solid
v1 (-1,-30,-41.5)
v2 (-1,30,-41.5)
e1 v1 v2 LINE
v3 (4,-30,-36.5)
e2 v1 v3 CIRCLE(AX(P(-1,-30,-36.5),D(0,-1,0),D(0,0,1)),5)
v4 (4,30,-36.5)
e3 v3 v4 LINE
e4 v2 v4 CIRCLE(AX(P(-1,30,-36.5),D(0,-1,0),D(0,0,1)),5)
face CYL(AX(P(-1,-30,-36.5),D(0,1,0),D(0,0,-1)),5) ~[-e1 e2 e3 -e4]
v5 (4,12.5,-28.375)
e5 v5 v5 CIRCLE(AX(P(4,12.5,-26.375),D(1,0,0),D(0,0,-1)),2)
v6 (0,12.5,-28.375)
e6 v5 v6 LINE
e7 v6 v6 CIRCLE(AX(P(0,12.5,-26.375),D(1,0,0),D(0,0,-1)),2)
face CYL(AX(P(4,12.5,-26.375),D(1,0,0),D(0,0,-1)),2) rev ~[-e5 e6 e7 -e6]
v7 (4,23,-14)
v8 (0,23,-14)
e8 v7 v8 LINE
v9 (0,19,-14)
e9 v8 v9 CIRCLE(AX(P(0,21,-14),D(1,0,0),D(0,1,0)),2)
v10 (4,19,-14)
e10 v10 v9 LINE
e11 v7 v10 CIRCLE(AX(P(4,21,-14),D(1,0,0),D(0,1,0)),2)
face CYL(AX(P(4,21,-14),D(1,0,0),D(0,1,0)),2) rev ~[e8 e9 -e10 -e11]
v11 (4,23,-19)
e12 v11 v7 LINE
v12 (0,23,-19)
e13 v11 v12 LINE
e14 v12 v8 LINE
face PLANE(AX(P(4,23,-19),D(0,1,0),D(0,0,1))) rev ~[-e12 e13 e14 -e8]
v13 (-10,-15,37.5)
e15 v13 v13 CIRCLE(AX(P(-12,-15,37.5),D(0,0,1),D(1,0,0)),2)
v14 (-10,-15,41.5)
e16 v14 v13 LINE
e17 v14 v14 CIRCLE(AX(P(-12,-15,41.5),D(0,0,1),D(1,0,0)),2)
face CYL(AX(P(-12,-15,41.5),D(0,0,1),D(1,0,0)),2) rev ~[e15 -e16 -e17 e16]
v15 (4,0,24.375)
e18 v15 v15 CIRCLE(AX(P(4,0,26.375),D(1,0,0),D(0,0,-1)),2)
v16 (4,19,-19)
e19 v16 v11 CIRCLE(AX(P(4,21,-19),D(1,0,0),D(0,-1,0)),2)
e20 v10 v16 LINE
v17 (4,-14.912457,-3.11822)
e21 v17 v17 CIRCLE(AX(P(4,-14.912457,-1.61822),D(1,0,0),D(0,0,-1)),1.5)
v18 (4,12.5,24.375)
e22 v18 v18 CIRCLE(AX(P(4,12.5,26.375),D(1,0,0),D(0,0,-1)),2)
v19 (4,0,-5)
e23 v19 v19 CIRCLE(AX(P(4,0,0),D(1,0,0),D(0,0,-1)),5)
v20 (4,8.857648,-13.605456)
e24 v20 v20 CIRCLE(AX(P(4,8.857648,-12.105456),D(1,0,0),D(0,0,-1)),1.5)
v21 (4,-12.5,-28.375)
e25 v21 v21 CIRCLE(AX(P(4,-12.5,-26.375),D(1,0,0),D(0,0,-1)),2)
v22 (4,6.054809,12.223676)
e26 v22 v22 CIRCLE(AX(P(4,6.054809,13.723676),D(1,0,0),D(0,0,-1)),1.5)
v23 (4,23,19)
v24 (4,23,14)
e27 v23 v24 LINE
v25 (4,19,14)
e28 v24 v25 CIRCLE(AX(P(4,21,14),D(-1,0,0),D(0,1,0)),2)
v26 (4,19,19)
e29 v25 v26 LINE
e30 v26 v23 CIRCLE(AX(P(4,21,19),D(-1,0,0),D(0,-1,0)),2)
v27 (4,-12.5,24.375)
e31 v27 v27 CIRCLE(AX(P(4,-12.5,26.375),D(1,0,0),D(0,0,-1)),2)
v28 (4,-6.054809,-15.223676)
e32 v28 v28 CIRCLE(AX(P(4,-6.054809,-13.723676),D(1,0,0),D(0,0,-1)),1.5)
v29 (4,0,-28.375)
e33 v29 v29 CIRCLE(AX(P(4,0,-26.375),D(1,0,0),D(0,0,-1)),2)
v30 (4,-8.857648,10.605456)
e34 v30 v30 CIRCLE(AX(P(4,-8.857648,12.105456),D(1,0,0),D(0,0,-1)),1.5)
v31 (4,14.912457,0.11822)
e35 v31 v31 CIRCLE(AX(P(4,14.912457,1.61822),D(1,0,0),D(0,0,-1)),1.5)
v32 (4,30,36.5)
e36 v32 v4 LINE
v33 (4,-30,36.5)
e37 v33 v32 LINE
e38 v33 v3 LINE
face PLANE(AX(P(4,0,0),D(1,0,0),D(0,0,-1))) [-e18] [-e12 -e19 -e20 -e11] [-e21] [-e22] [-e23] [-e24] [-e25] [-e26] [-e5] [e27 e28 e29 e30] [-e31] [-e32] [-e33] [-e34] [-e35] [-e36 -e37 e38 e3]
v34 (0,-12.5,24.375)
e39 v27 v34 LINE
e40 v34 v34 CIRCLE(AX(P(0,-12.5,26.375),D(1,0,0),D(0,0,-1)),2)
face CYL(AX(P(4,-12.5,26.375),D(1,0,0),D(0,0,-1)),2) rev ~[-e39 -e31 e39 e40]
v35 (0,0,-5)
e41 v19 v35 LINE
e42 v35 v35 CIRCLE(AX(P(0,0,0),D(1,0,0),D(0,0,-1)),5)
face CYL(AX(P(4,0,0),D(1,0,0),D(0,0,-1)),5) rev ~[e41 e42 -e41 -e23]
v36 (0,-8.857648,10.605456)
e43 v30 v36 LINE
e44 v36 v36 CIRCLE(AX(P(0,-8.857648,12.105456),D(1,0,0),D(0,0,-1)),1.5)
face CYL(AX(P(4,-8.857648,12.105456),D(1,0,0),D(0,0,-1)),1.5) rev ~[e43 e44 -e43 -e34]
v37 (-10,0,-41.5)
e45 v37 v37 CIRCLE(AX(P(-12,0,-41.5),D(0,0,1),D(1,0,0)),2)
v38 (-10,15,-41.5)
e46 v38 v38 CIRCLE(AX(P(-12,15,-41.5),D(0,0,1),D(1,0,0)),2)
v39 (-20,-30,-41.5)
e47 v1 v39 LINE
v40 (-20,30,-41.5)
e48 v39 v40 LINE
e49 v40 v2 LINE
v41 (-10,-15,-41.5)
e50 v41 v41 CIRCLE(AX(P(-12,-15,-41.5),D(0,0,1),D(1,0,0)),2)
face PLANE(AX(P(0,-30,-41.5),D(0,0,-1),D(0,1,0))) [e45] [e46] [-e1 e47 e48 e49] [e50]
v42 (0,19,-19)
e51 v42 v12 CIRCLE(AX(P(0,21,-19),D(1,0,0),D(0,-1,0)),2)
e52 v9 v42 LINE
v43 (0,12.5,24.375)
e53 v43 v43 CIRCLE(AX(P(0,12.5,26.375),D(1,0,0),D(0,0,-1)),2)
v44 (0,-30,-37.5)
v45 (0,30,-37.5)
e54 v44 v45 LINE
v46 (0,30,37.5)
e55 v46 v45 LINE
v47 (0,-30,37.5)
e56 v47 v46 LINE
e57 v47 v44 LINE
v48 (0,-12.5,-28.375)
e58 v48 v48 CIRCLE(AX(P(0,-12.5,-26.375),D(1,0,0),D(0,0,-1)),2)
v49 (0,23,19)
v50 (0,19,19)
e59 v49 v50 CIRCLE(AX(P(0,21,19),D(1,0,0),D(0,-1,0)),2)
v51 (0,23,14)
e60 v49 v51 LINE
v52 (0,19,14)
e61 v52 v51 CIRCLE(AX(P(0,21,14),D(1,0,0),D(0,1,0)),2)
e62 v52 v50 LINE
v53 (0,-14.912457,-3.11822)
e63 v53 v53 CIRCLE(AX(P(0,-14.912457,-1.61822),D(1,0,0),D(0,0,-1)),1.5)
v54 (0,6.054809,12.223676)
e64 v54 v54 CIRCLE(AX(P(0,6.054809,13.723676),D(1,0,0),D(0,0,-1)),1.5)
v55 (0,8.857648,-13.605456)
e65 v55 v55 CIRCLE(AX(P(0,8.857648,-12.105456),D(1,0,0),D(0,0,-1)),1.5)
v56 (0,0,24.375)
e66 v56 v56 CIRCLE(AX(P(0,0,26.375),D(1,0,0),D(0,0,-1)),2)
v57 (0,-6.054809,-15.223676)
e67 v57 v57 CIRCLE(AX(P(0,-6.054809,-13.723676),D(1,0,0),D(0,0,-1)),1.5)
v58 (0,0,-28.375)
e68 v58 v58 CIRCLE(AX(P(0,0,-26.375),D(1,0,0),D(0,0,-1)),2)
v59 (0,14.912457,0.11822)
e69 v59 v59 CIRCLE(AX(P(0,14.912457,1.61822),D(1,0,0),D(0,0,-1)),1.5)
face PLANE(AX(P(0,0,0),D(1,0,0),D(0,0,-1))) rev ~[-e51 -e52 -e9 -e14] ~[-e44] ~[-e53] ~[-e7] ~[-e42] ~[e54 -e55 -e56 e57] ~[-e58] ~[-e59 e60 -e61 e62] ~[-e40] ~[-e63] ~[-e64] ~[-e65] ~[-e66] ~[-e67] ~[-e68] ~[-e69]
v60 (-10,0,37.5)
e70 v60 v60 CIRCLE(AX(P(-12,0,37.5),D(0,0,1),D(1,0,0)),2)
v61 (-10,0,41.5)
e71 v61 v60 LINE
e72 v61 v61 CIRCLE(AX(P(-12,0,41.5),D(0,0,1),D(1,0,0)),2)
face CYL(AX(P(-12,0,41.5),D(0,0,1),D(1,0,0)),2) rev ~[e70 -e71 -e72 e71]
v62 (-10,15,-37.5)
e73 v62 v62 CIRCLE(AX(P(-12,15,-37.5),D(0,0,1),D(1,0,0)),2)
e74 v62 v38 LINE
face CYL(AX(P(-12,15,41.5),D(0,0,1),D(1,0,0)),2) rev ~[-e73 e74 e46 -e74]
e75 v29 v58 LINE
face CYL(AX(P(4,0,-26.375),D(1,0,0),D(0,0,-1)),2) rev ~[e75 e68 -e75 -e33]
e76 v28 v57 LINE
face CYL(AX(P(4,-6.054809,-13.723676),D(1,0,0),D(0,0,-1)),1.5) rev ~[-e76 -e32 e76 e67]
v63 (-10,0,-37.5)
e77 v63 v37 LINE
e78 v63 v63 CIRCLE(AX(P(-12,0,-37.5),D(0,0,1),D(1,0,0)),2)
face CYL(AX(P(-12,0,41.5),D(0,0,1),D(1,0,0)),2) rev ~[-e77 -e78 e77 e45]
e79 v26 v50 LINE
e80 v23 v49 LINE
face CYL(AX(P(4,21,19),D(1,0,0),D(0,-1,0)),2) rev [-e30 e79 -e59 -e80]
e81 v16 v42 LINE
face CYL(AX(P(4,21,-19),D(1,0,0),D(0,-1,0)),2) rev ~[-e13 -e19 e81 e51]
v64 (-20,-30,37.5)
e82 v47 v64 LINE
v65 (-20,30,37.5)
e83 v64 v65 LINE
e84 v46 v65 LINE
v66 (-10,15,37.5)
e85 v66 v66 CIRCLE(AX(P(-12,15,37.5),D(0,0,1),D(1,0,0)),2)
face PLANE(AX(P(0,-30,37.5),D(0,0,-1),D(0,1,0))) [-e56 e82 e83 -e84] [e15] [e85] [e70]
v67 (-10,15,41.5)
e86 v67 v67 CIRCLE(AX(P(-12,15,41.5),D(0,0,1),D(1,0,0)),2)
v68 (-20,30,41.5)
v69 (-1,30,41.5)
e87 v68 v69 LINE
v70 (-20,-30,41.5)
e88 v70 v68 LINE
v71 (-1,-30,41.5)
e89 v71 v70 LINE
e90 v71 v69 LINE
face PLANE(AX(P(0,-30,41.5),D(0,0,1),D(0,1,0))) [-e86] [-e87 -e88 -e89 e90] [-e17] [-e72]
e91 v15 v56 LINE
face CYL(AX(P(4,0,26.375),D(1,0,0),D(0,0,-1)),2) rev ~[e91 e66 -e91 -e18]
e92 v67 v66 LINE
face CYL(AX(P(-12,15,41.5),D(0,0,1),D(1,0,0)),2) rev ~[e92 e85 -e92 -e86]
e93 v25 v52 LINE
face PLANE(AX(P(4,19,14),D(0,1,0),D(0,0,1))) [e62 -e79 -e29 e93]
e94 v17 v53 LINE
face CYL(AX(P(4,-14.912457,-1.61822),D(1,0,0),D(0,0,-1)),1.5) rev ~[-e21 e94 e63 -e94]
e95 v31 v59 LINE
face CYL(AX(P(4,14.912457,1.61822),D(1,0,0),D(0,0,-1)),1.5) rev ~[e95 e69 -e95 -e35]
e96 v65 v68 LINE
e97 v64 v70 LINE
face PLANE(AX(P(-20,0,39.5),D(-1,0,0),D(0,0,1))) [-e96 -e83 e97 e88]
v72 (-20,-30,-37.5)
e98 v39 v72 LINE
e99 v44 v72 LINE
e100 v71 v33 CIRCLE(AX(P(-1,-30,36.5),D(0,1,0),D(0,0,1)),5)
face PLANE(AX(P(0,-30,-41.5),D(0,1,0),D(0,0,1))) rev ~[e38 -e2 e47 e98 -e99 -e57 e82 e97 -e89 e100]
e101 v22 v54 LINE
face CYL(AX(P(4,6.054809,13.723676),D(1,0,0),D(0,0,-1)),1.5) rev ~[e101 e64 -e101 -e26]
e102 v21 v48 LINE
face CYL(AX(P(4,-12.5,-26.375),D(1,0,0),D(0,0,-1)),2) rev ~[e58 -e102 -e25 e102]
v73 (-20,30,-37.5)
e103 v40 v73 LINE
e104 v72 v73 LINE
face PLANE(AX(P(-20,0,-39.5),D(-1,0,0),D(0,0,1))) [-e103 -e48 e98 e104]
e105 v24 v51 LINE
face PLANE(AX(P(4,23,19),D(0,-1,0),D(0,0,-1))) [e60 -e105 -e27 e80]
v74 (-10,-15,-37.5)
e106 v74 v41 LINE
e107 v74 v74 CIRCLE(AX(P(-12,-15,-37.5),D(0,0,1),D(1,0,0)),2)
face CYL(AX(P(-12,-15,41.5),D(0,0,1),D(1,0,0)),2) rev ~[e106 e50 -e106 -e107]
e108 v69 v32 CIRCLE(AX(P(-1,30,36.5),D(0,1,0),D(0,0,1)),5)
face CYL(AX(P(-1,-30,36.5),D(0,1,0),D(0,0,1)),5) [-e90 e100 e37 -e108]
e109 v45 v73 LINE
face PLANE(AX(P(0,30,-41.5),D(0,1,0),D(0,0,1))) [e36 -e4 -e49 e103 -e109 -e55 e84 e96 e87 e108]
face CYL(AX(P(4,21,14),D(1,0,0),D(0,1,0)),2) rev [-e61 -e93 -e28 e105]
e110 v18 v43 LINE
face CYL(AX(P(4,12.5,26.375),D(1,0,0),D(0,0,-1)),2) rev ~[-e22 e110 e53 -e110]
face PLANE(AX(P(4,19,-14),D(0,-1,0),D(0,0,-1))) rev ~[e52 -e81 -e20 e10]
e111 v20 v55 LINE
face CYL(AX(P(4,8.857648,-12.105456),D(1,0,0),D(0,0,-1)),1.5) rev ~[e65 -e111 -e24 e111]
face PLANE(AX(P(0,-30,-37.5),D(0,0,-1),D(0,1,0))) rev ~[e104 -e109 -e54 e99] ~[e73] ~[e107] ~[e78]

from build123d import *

# Parameters (mm, degrees)
SKETCH1_W           = 83
SKETCH1_H           = 60
BOSS_EXTRUDE1_DEPTH = 4
SKETCH2_R           = 5
CUT_EXTRUDE1_DEPTH  = 5
SKETCH4_R           = 1.5
CUT_EXTRUDE2_DEPTH  = 10
SKETCH6_R           = 2
CUT_EXTRUDE3_DEPTH  = 10
CUT_EXTRUDE4_DEPTH  = 10
SKETCH8_W           = 4.00000008
SKETCH8_H           = 60
SKETCH8_W_2         = 4
BOSS_EXTRUDE2_DEPTH = 20
FILLET1_R           = 5
SKETCH10_R          = 2
CUT_EXTRUDE5_DEPTH  = 84


with BuildPart() as part:
    # Sketch1 → Boss-Extrude1 (new body)
    with BuildSketch(Plane(origin=(0, 0, 0), x_dir=(0, 0, -1), z_dir=(1, 0, 0))):
        Rectangle(SKETCH1_W, SKETCH1_H)
    extrude(amount=BOSS_EXTRUDE1_DEPTH)

    # Sketch2 → Cut-Extrude1 (cut, through all)
    with BuildSketch(Plane(origin=(4, 0, 0), x_dir=(0, 0, -1), z_dir=(1, 0, 0))):
        Circle(SKETCH2_R)
    extrude(amount=-CUT_EXTRUDE1_DEPTH, mode=Mode.SUBTRACT)

    # Sketch4 → Cut-Extrude2 (cut)
    with BuildSketch(Plane(origin=(4, 0, 0), x_dir=(0, 0, -1), z_dir=(1, 0, 0))):
        with Locations((-13.72367631, 6.054808712)):
            Circle(SKETCH4_R)
        with Locations((-12.105456315, -8.857647962)):
            Circle(SKETCH4_R)
        with Locations((1.618219995, -14.912456674)):
            Circle(SKETCH4_R)
        with Locations((13.72367631, -6.054808712)):
            Circle(SKETCH4_R)
        with Locations((12.105456315, 8.857647962)):
            Circle(SKETCH4_R)
        with Locations((-1.618219995, 14.912456674)):
            Circle(SKETCH4_R)
    extrude(amount=-CUT_EXTRUDE2_DEPTH, mode=Mode.SUBTRACT)

    # Sketch6 → Cut-Extrude3 (cut)
    with BuildSketch(Plane(origin=(4, 0, 0), x_dir=(0, 0, -1), z_dir=(1, 0, 0))):
        with Locations((-26.375, 12.5)):
            Circle(SKETCH6_R)
        with Locations((-26.375, 0)):
            Circle(SKETCH6_R)
        with Locations((-26.375, -12.5)):
            Circle(SKETCH6_R)
        with Locations((26.375, 12.5)):
            Circle(SKETCH6_R)
        with Locations((26.375, 0)):
            Circle(SKETCH6_R)
        with Locations((26.375, -12.5)):
            Circle(SKETCH6_R)
    extrude(amount=-CUT_EXTRUDE3_DEPTH, mode=Mode.SUBTRACT)

    # Sketch7 → Cut-Extrude4 (cut)
    with BuildSketch(Plane(origin=(4, 0, 0), x_dir=(0, 0, -1), z_dir=(1, 0, 0))):
        with BuildLine():
            Line((-19, 23), (-14, 23))
            ThreePointArc((-14, 23), (-12, 21), (-14, 19))
            Line((-14, 19), (-19, 19))
            ThreePointArc((-19, 19), (-21, 21), (-19, 23))
        make_face()
        with BuildLine():
            Line((19, 23), (14, 23))
            ThreePointArc((14, 23), (12, 21), (14, 19))
            Line((14, 19), (19, 19))
            ThreePointArc((19, 19), (21, 21), (19, 23))
        make_face()
    extrude(amount=-CUT_EXTRUDE4_DEPTH, mode=Mode.SUBTRACT)

    # Sketch8 → Boss-Extrude2 (add)
    with BuildSketch(Plane.ZY):
        with Locations((-39.49999996, 0)):
            Rectangle(SKETCH8_W, SKETCH8_H)
        with Locations((39.5, 0)):
            Rectangle(SKETCH8_W_2, SKETCH8_H)
    extrude(amount=BOSS_EXTRUDE2_DEPTH)

    # Fillet1
    fillet1_edges = [part.edges().sort_by_distance(p)[0] for p in [
        (4, 0, -41.5),
        (4, 0, 41.5),
    ]]
    fillet(fillet1_edges, radius=FILLET1_R)

    # Sketch10 → Cut-Extrude5 (cut, through all)
    with BuildSketch(Plane.XY.offset(41.5)):
        with Locations((-12, 15)):
            Circle(SKETCH10_R)
        with Locations((-12, 0)):
            Circle(SKETCH10_R)
        with Locations((-12, -15)):
            Circle(SKETCH10_R)
    extrude(amount=-CUT_EXTRUDE5_DEPTH, mode=Mode.SUBTRACT)


solid = part.part
